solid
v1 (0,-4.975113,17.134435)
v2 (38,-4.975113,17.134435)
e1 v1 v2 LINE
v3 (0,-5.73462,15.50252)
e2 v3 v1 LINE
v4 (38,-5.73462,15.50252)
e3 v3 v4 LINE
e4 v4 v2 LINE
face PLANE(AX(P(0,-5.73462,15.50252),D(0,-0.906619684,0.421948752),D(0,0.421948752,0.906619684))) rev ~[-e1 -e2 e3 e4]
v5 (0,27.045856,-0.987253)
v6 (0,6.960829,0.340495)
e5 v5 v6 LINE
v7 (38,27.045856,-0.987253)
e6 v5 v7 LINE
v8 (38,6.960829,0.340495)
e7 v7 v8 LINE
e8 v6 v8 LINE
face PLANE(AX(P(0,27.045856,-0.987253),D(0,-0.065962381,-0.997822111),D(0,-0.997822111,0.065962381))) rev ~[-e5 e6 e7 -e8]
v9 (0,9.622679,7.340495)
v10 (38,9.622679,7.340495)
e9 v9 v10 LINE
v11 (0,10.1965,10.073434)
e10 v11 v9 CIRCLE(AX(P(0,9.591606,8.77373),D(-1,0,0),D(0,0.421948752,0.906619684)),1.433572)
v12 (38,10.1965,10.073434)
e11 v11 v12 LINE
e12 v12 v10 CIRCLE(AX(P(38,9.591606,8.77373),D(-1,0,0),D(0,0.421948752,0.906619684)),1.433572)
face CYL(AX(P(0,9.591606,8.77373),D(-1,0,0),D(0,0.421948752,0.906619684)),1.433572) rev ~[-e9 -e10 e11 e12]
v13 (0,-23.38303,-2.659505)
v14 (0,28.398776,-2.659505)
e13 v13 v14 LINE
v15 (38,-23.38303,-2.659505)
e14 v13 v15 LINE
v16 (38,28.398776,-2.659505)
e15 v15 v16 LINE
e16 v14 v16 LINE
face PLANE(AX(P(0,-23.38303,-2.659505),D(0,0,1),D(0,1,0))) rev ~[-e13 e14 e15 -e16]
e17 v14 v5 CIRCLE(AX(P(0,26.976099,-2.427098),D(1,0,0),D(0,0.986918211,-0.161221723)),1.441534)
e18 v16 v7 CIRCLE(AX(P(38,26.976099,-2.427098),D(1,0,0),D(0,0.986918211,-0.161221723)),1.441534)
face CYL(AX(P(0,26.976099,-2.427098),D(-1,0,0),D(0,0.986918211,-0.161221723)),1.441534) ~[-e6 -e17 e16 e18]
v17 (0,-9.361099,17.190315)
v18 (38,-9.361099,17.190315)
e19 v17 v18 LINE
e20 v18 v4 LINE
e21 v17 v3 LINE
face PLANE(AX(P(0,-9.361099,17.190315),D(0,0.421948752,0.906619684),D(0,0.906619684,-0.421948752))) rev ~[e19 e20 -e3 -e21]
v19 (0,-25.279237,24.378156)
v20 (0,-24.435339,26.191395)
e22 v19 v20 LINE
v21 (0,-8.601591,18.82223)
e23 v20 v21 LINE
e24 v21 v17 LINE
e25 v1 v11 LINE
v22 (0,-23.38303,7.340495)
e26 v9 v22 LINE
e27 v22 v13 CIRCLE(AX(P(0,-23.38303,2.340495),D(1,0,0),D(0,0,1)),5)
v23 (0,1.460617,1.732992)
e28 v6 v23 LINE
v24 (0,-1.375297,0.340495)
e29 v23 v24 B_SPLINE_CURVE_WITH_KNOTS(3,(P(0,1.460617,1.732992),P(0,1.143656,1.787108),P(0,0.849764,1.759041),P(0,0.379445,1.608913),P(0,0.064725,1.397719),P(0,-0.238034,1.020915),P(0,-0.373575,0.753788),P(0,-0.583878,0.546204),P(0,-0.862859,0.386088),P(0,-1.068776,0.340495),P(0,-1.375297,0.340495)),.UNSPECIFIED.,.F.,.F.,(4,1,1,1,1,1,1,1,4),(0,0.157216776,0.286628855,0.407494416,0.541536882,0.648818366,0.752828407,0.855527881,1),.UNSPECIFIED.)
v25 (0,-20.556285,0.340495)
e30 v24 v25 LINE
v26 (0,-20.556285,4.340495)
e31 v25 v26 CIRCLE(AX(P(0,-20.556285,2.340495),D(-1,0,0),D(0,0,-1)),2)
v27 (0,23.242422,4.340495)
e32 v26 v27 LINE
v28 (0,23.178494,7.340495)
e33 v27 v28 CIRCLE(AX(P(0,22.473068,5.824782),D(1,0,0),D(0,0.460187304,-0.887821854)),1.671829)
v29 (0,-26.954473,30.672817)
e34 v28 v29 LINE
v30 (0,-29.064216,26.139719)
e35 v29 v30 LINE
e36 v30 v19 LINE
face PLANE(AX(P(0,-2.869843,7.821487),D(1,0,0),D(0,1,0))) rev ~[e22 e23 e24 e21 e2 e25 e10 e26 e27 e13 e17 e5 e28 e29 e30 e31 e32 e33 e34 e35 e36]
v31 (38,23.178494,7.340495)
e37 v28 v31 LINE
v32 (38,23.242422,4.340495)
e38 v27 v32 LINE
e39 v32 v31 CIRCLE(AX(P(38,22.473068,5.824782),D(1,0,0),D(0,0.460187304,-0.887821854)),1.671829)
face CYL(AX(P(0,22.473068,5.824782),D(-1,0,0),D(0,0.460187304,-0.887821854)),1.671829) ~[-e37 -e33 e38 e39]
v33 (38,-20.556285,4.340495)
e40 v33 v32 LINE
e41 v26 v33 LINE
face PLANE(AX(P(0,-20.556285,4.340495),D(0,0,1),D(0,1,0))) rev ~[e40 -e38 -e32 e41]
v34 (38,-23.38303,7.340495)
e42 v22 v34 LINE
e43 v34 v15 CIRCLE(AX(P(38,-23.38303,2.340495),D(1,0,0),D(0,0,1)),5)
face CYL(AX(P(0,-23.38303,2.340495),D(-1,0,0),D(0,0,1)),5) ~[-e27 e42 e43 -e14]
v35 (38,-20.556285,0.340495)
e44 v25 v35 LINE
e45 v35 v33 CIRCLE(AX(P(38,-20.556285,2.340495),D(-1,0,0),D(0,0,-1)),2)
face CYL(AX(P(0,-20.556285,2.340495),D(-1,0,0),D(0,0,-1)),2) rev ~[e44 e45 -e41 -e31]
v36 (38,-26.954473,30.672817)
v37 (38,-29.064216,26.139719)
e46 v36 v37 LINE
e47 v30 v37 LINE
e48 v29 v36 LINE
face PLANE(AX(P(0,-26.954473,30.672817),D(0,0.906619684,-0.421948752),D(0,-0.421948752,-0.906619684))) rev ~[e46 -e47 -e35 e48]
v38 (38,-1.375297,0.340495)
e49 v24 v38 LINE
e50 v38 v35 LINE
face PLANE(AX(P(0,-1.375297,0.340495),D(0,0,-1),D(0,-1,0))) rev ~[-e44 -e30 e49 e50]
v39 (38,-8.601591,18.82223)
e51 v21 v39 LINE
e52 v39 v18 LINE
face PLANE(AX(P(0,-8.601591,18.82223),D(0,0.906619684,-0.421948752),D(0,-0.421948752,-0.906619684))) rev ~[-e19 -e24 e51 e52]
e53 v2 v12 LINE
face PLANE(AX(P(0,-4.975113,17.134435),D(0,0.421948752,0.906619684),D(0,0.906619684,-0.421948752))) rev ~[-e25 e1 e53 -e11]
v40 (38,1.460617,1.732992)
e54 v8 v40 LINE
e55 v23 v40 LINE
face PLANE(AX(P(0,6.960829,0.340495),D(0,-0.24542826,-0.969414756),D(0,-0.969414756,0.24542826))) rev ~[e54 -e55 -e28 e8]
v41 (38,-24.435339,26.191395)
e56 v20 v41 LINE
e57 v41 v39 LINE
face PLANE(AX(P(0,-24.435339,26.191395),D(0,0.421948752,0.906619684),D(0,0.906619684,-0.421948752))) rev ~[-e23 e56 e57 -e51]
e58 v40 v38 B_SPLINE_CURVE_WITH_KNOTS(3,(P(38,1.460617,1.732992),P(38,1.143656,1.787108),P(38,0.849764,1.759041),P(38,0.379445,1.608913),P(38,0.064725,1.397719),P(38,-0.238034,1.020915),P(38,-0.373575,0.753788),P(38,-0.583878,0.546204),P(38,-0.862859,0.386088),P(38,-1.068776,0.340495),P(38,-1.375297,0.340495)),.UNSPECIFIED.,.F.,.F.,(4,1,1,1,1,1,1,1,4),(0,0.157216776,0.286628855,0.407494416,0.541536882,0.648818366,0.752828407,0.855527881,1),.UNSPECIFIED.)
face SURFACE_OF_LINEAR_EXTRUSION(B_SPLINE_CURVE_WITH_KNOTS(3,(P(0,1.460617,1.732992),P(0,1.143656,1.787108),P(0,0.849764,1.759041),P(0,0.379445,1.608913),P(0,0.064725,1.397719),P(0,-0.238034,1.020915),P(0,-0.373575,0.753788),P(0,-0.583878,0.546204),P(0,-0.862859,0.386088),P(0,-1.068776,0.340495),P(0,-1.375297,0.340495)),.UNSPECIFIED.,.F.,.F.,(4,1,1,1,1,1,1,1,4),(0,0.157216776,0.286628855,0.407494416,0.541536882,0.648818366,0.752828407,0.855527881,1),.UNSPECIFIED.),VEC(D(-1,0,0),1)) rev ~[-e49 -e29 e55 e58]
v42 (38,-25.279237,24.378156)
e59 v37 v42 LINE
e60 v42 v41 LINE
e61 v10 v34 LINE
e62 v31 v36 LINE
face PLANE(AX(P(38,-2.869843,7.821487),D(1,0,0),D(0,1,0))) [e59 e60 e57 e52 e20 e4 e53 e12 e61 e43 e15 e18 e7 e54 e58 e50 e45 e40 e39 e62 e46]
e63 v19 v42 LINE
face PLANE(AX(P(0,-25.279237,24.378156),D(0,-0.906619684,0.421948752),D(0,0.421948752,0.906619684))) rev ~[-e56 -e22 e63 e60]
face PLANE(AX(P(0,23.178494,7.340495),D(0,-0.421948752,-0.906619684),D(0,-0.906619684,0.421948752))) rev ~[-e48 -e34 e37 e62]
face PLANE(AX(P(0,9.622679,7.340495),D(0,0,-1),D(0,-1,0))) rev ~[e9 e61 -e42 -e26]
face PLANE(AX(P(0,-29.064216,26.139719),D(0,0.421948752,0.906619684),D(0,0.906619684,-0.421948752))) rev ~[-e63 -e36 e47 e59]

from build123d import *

# Parameters (mm, degrees)
F1_DEPTH = 38


with BuildPart() as f1:
    # F0 (on Right) → F1 (new body)
    with BuildSketch(Plane.YZ):
        with BuildLine():
            Line((23.1784938408, 7.3404949656), (-26.9544725425, 30.6728171964))
            Line((-26.9544725425, 30.6728171964), (-29.0642163024, 26.1397187784))
            Line((-29.0642163024, 26.1397187784), (-25.2792367342, 24.3781560923))
            Line((-25.2792367342, 24.3781560923), (-24.4353392302, 26.1913954595))
            Line((-24.4353392302, 26.1913954595), (-8.6015913085, 18.8222303117))
            Line((-8.6015913085, 18.8222303117), (-4.9751125741, 17.1344353037))
            Line((-4.9751125741, 17.1344353037), (10.196499811, 10.0734338416))
            ThreePointArc((10.196499811, 10.0734338416), (10.9945858506, 8.4791535259), (9.622679245, 7.3404949656))
            Line((9.622679245, 7.3404949656), (-23.3830297366, 7.3404949656))
            ThreePointArc((-23.3830297366, 7.3404949656), (-28.3830297366, 2.3404949656), (-23.3830297366, -2.6595050344))
            Line((-23.3830297366, -2.6595050344), (28.398775626, -2.6595050344))
            ThreePointArc((28.398775626, -2.6595050344), (28.0967892497, -1.5204149704), (27.04585623, -0.9872529561))
            Line((27.04585623, -0.9872529561), (6.9608287197, 0.3404949656))
            Line((6.9608287197, 0.3404949656), (-1.3752970852, 0.3404949656))
            Line((-1.3752970852, 0.3404949656), (-20.556285046, 0.3404949656))
            ThreePointArc((-20.556285046, 0.3404949656), (-22.556285046, 2.3404949656), (-20.556285046, 4.3404949656))
            Line((-20.556285046, 4.3404949656), (23.2424221743, 4.3404949656))
            ThreePointArc((23.2424221743, 4.3404949656), (24.1445174201, 5.8603992528), (23.1784938408, 7.3404949656))
        make_face()
        Polygon((-4.9751125741, 17.1344353037), (-8.6015913085, 18.8222303117), (-9.3610990621, 17.1903148812), (-5.7346203277, 15.5025198732), align=None)
        with BuildLine():
            add(Edge.make_bspline(
                [(1.4606168205, 1.7329922686), (1.1436558288, 1.7871075713), (0.8497644378, 1.7590409522), (0.379445235, 1.6089129442), (0.0647246652, 1.3977187452), (-0.2380342771, 1.0209154553), (-0.3735748994, 0.7537879531), (-0.5838778916, 0.5462043773), (-0.8628590523, 0.3860881967), (-1.0687756769, 0.3404949656), (-1.3752970852, 0.3404949656)],
                knots=[0, 0, 0, 0, 0.1572167761, 0.2866288548, 0.4074944161, 0.541536882, 0.6488183664, 0.7528284065, 0.8555278808, 1, 1, 1, 1], degree=3))
            Line((-1.3752970852, 0.3404949656), (6.9608287197, 0.3404949656))
            Line((6.9608287197, 0.3404949656), (1.4606168205, 1.7329922686))
        make_face()
    extrude(amount=F1_DEPTH)


solid = f1.part
